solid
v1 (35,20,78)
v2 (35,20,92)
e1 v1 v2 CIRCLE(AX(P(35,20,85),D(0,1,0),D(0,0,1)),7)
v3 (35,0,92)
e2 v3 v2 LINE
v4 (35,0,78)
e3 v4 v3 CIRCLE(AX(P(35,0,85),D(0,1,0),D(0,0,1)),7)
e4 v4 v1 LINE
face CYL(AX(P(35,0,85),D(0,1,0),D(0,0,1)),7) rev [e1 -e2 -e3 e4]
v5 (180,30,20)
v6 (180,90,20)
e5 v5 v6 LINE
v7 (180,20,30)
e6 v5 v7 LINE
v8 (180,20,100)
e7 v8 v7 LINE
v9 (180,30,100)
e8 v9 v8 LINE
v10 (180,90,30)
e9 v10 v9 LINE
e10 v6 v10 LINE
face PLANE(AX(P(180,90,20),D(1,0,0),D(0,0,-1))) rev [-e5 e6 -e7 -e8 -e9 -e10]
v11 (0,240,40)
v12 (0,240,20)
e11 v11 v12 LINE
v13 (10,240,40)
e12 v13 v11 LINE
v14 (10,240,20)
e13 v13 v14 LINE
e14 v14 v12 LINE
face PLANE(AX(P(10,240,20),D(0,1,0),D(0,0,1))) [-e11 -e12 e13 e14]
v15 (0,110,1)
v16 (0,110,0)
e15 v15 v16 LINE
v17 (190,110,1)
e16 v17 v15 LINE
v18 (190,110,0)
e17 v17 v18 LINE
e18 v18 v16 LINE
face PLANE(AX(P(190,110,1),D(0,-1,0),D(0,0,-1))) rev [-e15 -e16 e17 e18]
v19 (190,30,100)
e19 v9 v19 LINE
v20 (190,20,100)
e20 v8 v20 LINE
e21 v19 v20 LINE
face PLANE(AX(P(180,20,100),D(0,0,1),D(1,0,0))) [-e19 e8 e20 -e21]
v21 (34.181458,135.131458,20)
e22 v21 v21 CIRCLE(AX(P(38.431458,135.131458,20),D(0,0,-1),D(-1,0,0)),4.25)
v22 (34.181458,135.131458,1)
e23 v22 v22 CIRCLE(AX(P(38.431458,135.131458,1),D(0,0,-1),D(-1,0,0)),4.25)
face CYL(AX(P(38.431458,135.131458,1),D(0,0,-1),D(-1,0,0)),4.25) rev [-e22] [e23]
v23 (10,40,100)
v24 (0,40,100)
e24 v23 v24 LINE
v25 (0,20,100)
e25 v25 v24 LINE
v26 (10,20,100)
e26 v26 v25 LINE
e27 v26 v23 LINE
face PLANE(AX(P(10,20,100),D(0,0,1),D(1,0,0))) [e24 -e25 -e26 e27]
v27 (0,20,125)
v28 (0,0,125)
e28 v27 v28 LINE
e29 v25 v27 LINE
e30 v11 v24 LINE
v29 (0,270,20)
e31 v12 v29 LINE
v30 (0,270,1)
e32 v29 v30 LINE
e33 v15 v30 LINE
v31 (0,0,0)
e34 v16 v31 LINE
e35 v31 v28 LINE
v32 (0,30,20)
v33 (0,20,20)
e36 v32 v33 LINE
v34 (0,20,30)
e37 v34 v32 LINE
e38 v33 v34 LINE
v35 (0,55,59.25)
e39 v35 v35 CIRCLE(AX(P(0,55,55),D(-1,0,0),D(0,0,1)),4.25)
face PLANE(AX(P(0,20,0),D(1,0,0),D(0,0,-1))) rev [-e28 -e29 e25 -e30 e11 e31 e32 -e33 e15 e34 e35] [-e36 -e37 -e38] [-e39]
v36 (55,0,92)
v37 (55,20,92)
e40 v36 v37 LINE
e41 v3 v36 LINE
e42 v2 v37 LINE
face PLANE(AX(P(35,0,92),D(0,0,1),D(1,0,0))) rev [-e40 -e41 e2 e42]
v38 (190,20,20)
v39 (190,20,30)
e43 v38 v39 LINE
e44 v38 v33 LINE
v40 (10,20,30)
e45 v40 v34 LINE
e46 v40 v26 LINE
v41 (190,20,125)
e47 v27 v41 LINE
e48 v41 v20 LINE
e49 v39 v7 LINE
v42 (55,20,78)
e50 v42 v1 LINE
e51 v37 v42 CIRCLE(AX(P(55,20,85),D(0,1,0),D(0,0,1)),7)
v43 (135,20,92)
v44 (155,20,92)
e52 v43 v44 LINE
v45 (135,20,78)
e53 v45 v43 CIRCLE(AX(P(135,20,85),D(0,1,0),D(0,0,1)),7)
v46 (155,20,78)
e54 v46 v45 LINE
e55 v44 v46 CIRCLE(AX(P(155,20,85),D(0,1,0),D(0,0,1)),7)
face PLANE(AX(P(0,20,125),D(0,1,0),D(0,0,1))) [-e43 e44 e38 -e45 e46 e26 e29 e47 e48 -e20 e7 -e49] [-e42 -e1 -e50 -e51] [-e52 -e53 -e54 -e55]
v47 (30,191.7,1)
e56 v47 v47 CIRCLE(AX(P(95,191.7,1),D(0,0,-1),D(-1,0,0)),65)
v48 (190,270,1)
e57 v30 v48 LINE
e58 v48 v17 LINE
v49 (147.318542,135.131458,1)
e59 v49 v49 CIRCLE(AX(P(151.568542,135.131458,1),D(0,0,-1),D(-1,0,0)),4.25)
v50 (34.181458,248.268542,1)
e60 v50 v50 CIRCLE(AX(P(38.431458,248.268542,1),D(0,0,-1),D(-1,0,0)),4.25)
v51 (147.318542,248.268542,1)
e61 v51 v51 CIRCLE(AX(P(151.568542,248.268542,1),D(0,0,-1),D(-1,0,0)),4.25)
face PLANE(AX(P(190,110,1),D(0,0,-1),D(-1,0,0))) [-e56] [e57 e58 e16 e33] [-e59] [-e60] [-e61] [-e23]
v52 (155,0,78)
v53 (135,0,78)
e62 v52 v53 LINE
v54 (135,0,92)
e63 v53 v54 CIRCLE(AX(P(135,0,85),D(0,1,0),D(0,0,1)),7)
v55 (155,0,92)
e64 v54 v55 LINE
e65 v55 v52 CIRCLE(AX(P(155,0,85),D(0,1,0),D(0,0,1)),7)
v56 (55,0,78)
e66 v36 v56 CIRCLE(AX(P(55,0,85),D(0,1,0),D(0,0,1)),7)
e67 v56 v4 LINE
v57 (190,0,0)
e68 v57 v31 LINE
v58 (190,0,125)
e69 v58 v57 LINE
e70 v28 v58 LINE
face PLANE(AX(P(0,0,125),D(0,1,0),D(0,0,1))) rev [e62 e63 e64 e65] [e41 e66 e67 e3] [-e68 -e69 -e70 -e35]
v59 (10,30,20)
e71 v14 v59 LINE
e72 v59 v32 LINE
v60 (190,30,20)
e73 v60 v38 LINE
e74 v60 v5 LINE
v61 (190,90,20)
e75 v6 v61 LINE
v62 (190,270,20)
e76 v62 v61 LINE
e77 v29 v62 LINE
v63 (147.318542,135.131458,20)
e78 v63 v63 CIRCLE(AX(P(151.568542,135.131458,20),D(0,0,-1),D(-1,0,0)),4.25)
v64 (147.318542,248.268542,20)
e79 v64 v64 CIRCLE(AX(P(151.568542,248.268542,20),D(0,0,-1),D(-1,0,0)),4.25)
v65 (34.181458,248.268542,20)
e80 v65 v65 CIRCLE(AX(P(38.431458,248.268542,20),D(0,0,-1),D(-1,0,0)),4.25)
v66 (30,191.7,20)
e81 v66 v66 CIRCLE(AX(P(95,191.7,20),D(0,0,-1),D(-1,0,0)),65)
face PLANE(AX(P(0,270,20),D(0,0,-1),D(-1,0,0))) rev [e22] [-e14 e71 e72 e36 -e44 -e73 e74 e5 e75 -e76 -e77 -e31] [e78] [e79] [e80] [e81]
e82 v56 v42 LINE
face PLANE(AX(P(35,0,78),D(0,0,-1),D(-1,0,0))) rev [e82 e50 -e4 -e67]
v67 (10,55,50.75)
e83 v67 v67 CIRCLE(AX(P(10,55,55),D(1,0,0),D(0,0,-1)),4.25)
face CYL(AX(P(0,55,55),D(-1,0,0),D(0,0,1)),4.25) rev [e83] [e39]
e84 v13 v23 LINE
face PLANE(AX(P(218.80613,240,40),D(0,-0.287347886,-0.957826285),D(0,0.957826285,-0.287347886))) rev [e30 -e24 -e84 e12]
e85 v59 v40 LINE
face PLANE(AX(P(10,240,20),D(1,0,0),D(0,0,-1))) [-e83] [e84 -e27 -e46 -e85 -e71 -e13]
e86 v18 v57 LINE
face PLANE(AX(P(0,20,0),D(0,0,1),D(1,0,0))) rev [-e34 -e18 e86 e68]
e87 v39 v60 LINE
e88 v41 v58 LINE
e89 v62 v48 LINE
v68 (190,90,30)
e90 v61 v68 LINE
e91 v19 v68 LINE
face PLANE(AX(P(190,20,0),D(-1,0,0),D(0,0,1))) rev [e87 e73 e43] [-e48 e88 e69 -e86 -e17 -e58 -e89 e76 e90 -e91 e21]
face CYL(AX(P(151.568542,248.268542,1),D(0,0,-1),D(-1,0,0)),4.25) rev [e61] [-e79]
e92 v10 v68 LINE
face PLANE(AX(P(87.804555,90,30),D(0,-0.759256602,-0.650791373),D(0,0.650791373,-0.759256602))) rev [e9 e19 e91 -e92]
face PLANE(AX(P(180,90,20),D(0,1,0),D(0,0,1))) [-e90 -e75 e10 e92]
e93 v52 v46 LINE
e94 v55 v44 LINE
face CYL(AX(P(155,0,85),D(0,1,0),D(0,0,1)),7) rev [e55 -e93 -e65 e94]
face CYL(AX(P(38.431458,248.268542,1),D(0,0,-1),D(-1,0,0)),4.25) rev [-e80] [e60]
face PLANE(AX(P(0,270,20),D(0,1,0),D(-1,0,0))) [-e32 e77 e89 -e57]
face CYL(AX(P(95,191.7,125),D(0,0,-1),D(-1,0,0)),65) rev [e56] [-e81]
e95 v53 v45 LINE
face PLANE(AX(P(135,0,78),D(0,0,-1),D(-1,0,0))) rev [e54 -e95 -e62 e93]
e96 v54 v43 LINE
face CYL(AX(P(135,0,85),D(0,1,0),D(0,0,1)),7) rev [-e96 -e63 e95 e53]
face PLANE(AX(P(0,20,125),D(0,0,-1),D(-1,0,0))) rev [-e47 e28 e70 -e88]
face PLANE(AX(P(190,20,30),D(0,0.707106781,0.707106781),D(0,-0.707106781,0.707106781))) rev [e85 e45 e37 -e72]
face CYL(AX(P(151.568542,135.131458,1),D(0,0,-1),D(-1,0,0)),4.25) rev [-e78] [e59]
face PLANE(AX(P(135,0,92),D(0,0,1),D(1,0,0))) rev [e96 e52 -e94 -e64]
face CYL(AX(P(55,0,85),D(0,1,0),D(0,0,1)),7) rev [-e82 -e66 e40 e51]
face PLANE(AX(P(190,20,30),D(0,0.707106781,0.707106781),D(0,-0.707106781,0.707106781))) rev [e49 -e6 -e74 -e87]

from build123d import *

# Parameters (mm, degrees)
SKETCH1_W                  = 190
SKETCH1_H                  = 125
BOSS_EXTRUDE1_DEPTH        = 20
SKETCH2_W                  = 190
SKETCH2_H                  = 250
BOSS_EXTRUDE2_DEPTH        = 20
SKETCH3_W                  = 80
SKETCH3_H                  = 220
BOSS_EXTRUDE3_DEPTH        = 10
SKETCH4_W                  = 80
SKETCH4_H                  = 70
BOSS_EXTRUDE4_DEPTH        = 10
CUT_EXTRUDE1_DEPTH         = 354.022662162
CUT_EXTRUDE2_DEPTH         = 10
CUT_EXTRUDE3_DEPTH         = 10
SKETCH8_W                  = 190
SKETCH8_H                  = 160
CUT_EXTRUDE4_DEPTH         = 1
SKETCH9_R                  = 65
CUT_EXTRUDE5_DEPTH         = 353.669817251
CUT_EXTRUDE6_DEPTH         = 338.971892322
M10X1_5_TAPPED_HOLE1_D     = 8.5
M10X1_5_TAPPED_HOLE2_D     = 8.5
M10X1_5_TAPPED_HOLE2_DEPTH = 10


with BuildPart() as part:
    # Sketch1 → Boss-Extrude1 (new body)
    with BuildSketch(Plane(origin=(0, 0, 0), x_dir=(1, 0, 0), z_dir=(0, 1, 0))):
        with Locations((95, -62.5)):
            Rectangle(SKETCH1_W, SKETCH1_H)
    extrude(amount=BOSS_EXTRUDE1_DEPTH)

    # Sketch2 → Boss-Extrude2 (add)
    with BuildSketch(Plane(origin=(0, 0, 0), x_dir=(-1, 0, 0), z_dir=(0, 0, -1))):
        with Locations((-95, 145)):
            Rectangle(SKETCH2_W, SKETCH2_H)
    extrude(amount=-BOSS_EXTRUDE2_DEPTH)

    # Sketch3 → Boss-Extrude3 (add)
    with BuildSketch(Plane.ZY):
        with Locations((60, 130)):
            Rectangle(SKETCH3_W, SKETCH3_H)
    extrude(amount=-BOSS_EXTRUDE3_DEPTH)

    # Sketch4 → Boss-Extrude4 (add)
    with BuildSketch(Plane(origin=(190, 0, 0), x_dir=(0, 0, -1), z_dir=(1, 0, 0))):
        with Locations((-60, 55)):
            Rectangle(SKETCH4_W, SKETCH4_H)
    extrude(amount=-BOSS_EXTRUDE4_DEPTH)

    # Sketch5 → Cut-Extrude1 (cut, through all)
    with BuildSketch(Plane.ZY):
        Polygon((20, 30), (20, 20), (30, 20), align=None)
    extrude(amount=-CUT_EXTRUDE1_DEPTH, mode=Mode.SUBTRACT)

    # Sketch6 → Cut-Extrude2 (cut)
    with BuildSketch(Plane.ZY):
        Polygon((40, 240), (100, 40), (100, 240), align=None)
    extrude(amount=-CUT_EXTRUDE2_DEPTH, mode=Mode.SUBTRACT)

    # Sketch7 → Cut-Extrude3 (cut)
    with BuildSketch(Plane(origin=(190, 0, 0), x_dir=(0, 0, -1), z_dir=(1, 0, 0))):
        Polygon((-100, 90), (-30, 90), (-100, 30), align=None)
    extrude(amount=-CUT_EXTRUDE3_DEPTH, mode=Mode.SUBTRACT)

    # Sketch8 → Cut-Extrude4 (cut)
    with BuildSketch(Plane(origin=(0, 0, 0), x_dir=(-1, 0, 0), z_dir=(0, 0, -1))):
        with Locations((-95, 190)):
            Rectangle(SKETCH8_W, SKETCH8_H)
    extrude(amount=-CUT_EXTRUDE4_DEPTH, mode=Mode.SUBTRACT)

    # Sketch9 → Cut-Extrude5 (cut, through all)
    with BuildSketch(Plane(origin=(0, 0, 1), x_dir=(-1, 0, 0), z_dir=(0, 0, -1))):
        with Locations((-95, 191.7)):
            Circle(SKETCH9_R)
    extrude(amount=-CUT_EXTRUDE5_DEPTH, mode=Mode.SUBTRACT)

    # Sketch10 → Cut-Extrude6 (cut, through all)
    with BuildSketch(Plane(origin=(0, 20, 0), x_dir=(1, 0, 0), z_dir=(0, 1, 0))):
        with BuildLine():
            Line((35, -78), (55, -78))
            ThreePointArc((55, -78), (62, -85), (55, -92))
            Line((55, -92), (35, -92))
            ThreePointArc((35, -92), (28, -85), (35, -78))
        make_face()
        with BuildLine():
            Line((135, -78), (155, -78))
            ThreePointArc((155, -78), (162, -85), (155, -92))
            Line((155, -92), (135, -92))
            ThreePointArc((135, -92), (128, -85), (135, -78))
        make_face()
    extrude(amount=-CUT_EXTRUDE6_DEPTH, mode=Mode.SUBTRACT)

    # M10x1.5 Tapped Hole1 (through all)
    with Locations(Plane(origin=(0, 0, 1), x_dir=(-1, 0, 0), z_dir=(0, 0, -1))):
        with Locations((-38.431457505, 248.268542495), (-151.568542495, 248.268542495), (-151.568542495, 135.131457505), (-38.431457505, 135.131457505)):
            Hole(M10X1_5_TAPPED_HOLE1_D / 2)

    # M10x1.5 Tapped Hole2
    with Locations(Plane.ZY):
        with Locations((55, 55)):
            Hole(M10X1_5_TAPPED_HOLE2_D / 2, depth=M10X1_5_TAPPED_HOLE2_DEPTH)


solid = part.part
